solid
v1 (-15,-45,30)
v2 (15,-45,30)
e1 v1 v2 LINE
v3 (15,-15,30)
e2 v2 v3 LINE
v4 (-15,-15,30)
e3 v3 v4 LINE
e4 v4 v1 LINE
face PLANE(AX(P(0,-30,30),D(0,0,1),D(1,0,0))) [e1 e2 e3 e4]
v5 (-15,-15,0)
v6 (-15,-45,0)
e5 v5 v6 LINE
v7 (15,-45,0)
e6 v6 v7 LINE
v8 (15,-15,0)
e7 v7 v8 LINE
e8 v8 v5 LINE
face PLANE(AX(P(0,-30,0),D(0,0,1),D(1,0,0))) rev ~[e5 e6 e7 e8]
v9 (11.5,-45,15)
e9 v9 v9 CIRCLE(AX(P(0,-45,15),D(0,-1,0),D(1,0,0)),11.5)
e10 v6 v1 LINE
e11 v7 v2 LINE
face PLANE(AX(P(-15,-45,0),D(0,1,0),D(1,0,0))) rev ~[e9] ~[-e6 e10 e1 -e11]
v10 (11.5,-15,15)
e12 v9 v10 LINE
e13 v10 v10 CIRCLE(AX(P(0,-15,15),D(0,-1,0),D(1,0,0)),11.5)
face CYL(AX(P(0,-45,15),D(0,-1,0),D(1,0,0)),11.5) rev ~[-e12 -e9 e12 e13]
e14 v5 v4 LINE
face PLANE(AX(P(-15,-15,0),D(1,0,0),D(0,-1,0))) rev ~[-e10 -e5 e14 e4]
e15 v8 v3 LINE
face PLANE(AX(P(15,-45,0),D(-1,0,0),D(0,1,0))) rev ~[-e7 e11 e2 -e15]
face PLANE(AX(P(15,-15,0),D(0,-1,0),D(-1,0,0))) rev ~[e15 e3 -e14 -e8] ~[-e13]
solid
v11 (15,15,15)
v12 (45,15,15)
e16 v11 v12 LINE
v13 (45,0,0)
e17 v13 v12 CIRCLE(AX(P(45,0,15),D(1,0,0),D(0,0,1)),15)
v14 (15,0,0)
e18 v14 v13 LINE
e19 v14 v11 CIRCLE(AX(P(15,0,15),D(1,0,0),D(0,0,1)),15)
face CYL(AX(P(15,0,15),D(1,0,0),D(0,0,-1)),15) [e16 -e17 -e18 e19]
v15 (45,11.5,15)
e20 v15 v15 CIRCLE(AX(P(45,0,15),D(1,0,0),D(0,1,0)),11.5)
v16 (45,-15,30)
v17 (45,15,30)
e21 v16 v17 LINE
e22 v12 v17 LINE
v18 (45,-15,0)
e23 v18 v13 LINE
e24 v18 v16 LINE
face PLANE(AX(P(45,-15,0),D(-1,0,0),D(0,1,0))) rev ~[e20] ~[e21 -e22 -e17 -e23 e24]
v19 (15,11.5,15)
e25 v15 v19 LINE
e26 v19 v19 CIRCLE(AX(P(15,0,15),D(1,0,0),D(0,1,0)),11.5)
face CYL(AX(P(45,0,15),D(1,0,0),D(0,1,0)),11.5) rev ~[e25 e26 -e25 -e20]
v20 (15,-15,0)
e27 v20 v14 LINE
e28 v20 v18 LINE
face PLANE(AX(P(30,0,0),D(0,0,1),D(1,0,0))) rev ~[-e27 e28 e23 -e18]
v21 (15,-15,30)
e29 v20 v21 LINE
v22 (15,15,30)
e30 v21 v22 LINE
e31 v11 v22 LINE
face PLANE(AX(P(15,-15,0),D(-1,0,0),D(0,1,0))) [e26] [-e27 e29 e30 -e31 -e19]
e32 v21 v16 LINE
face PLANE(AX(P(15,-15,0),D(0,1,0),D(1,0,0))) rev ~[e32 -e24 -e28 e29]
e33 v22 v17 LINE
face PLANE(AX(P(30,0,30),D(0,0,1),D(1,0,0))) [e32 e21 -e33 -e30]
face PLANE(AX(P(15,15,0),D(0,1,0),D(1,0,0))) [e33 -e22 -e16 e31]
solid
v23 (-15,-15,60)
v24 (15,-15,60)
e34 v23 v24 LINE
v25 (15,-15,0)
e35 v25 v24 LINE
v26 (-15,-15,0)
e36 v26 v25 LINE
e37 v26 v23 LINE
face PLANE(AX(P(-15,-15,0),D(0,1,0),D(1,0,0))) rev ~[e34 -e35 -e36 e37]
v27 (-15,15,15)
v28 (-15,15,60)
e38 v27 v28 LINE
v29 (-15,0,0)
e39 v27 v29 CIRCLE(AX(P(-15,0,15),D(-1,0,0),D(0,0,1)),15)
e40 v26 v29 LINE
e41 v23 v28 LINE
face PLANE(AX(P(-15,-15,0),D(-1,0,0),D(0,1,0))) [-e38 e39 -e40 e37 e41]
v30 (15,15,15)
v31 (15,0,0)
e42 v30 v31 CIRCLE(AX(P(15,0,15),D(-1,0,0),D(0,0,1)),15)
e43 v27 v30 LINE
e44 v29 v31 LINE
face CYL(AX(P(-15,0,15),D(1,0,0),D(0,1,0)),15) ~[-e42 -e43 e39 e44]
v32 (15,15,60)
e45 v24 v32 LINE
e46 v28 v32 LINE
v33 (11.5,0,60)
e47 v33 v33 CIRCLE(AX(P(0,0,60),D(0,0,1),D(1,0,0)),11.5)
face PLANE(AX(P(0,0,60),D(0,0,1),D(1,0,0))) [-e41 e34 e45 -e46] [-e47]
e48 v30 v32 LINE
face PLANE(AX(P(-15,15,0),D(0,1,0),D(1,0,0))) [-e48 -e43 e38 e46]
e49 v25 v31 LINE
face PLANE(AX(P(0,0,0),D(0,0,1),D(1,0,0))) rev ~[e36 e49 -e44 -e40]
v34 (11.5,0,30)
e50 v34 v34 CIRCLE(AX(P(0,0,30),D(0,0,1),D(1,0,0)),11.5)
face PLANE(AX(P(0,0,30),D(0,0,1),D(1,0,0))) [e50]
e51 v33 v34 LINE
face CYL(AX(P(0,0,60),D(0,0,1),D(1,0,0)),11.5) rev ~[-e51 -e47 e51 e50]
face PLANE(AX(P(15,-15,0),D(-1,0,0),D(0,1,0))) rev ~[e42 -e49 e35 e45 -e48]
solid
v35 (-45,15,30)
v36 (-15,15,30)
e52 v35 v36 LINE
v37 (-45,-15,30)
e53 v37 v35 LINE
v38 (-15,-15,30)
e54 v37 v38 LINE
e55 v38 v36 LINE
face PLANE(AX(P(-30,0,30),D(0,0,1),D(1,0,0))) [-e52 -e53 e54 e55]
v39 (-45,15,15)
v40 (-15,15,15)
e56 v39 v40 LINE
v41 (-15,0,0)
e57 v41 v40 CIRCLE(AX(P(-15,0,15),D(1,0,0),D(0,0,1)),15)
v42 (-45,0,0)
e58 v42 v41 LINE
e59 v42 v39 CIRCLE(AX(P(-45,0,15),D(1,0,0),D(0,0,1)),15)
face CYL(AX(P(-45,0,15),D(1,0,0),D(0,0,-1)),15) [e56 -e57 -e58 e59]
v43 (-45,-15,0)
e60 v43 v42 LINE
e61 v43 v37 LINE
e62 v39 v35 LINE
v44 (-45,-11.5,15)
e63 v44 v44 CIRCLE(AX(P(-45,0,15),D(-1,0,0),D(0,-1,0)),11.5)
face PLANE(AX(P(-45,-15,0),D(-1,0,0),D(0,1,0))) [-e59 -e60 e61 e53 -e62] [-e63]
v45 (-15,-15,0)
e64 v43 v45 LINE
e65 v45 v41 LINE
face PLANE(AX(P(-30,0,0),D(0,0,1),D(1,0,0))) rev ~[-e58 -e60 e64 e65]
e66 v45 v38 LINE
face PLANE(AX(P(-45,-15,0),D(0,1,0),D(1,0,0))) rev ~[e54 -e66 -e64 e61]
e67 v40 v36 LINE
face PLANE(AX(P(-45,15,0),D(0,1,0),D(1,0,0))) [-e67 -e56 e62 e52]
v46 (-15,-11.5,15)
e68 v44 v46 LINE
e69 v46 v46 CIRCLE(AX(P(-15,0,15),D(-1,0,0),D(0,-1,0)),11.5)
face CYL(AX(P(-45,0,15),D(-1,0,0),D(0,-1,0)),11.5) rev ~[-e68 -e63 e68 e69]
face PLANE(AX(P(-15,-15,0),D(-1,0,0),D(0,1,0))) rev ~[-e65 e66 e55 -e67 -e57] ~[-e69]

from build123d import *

# Parameters (mm, degrees)
F0_W      = 30
F0_H      = 30
F1_DEPTH  = 30
F2_DEPTH  = 60
F3_R      = 11.5
F7_DEPTH  = 30
F5_R      = 11.5
F8_DEPTH  = 30
F4_R      = 11.5
F9_DEPTH  = 30
F6_R      = 11.5
F10_DEPTH = 30
F11_R     = 15
F11_2_R   = 15


with BuildPart() as f1:
    # F0 (on Top) → F1 (new body)
    with BuildSketch(Plane.XY):
        with Locations((-30, 0)):
            Rectangle(F0_W, F0_H)
        Polygon((15, -45), (15, -15), (-15, -15), (-15, -45), (0, -45), align=None)
        with Locations((30, 0)):
            Rectangle(F0_W, F0_H)
    extrude(amount=F1_DEPTH)

    # F5 (on face) → F8 (cut)
    with BuildSketch(Plane(origin=(-45, 0, 0), x_dir=(0, -1, 0), z_dir=(-1, 0, 0))):
        with Locations((0, 15)):
            Circle(F5_R)
    extrude(amount=-F8_DEPTH, mode=Mode.SUBTRACT)

    # F4 (on face) → F9 (cut)
    with BuildSketch(Plane.XZ.offset(45)):
        with Locations((0, 15)):
            Circle(F4_R)
    extrude(amount=-F9_DEPTH, mode=Mode.SUBTRACT)

    # F6 (on face) → F10 (cut)
    with BuildSketch(Plane.YZ.offset(45)):
        with Locations((0, 15)):
            Circle(F6_R)
    extrude(amount=-F10_DEPTH, mode=Mode.SUBTRACT)

    # F11
    f11_edges = [f1.edges().sort_by_distance(p)[0] for p in [
        (-30, 15, 0),
        (30, 15, 0),
    ]]
    fillet(f11_edges, radius=F11_R)


with BuildPart() as f2:
    # F0 (on Top) → F2 (new body)
    with BuildSketch(Plane.XY):
        Rectangle(F0_W, F0_H)
    extrude(amount=F2_DEPTH)

    # F3 (on face) → F7 (cut)
    with BuildSketch(Plane.XY.offset(60)):
        Circle(F3_R)
    extrude(amount=-F7_DEPTH, mode=Mode.SUBTRACT)

    # F11#2
    f11_2_edges = [f2.edges().sort_by_distance(p)[0] for p in [
        (0, 15, 0),
    ]]
    fillet(f11_2_edges, radius=F11_2_R)


solid = Compound([f1.part, f2.part])
